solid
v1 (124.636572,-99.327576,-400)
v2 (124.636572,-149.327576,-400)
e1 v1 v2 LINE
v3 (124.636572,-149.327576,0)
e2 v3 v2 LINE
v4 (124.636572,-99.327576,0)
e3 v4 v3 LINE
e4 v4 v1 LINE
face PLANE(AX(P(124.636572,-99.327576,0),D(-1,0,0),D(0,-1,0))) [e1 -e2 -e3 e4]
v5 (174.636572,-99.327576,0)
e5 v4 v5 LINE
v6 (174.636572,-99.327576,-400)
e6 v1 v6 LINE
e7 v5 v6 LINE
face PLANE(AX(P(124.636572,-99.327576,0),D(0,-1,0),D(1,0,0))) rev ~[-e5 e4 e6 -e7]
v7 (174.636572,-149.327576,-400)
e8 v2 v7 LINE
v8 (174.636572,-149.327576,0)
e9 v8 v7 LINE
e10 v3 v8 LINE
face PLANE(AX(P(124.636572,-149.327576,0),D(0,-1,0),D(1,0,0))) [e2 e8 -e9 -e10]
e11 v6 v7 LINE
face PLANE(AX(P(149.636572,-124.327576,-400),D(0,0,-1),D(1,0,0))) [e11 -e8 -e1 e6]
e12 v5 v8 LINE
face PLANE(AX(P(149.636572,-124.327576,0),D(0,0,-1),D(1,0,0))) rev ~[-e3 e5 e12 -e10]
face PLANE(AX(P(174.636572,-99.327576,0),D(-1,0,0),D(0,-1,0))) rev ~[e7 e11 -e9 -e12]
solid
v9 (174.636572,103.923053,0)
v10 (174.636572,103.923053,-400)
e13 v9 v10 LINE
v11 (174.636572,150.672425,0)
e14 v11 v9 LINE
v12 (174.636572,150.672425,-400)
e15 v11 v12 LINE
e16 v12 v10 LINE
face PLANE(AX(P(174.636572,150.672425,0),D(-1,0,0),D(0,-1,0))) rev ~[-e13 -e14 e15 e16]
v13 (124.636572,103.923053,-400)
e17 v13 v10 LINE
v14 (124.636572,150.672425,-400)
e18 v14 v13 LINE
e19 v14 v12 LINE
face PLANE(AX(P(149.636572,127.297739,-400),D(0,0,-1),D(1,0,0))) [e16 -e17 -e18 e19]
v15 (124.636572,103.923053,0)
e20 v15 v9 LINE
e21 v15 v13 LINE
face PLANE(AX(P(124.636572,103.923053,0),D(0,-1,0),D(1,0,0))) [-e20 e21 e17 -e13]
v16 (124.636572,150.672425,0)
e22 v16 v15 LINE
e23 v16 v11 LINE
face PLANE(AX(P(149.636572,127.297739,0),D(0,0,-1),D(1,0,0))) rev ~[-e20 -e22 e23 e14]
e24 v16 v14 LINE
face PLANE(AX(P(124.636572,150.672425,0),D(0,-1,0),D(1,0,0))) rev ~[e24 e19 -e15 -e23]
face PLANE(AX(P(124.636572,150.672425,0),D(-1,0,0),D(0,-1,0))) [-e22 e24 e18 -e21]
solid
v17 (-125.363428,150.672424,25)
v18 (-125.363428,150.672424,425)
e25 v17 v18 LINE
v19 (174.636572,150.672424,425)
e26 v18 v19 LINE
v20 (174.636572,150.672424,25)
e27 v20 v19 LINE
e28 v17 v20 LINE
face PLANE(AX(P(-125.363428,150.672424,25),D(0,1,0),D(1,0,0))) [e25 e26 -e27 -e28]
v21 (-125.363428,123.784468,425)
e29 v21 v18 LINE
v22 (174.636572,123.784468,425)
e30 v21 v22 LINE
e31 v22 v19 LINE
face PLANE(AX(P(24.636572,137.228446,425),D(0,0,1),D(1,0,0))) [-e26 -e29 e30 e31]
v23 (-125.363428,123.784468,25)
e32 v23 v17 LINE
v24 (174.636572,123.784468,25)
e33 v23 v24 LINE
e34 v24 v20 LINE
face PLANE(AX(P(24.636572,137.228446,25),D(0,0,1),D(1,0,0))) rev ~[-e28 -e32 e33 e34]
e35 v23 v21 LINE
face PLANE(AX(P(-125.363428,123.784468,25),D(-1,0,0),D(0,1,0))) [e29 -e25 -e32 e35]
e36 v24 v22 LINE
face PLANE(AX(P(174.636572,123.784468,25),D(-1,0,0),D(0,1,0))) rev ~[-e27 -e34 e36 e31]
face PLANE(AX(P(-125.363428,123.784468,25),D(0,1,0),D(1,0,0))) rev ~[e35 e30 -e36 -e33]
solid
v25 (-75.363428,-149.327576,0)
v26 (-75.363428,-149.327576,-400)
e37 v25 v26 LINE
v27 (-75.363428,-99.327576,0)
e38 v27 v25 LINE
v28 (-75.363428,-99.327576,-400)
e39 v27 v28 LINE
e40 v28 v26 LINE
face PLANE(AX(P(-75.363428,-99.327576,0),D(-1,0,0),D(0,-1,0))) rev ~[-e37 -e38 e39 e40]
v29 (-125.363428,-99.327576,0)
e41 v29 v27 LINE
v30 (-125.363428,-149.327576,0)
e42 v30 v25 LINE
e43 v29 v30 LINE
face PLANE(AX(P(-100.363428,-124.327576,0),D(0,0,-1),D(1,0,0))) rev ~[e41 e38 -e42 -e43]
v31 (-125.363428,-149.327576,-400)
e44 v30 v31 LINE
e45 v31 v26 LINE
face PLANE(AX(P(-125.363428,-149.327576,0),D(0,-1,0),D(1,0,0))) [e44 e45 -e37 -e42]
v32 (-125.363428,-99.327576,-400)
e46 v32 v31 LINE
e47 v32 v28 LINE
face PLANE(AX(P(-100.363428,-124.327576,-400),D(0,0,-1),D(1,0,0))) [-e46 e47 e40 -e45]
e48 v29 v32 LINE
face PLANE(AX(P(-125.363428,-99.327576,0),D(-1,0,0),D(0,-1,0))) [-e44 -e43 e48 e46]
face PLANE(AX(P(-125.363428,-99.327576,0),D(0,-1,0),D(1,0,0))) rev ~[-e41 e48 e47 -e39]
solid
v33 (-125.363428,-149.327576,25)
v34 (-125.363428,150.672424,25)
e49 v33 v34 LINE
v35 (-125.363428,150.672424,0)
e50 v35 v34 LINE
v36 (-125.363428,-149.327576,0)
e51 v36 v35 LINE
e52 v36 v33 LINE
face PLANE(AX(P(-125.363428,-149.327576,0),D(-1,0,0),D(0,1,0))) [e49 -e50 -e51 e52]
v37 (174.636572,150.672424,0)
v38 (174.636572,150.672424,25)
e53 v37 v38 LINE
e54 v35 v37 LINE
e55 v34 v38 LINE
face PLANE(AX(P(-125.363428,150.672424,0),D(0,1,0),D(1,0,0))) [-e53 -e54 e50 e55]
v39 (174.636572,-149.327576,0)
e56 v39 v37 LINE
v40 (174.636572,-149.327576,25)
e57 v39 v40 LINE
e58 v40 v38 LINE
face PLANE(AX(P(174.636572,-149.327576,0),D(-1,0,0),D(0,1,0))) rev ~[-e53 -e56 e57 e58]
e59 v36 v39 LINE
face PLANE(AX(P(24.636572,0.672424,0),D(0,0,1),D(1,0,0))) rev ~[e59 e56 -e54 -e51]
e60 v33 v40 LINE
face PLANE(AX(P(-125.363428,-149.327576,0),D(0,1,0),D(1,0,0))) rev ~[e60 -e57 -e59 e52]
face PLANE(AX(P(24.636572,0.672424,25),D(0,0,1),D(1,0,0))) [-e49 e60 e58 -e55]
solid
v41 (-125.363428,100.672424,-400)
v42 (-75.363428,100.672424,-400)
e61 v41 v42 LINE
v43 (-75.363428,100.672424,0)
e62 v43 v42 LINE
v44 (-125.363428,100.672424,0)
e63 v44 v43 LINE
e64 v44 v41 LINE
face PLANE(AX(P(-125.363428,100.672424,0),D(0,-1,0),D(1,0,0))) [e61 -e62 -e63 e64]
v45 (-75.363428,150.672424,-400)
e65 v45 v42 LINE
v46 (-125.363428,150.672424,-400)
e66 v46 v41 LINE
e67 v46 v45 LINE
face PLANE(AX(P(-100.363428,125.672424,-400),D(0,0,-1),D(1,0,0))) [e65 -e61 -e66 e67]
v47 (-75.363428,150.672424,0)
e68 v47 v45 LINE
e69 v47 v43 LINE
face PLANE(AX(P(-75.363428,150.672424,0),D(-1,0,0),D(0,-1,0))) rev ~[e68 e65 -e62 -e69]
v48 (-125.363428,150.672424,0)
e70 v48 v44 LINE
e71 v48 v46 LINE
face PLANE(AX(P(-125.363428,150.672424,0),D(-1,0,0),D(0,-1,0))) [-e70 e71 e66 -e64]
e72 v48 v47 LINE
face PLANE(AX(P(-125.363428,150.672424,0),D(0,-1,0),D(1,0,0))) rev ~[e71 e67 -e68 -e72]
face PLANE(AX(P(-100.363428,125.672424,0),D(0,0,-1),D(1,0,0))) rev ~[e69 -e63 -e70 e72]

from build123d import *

# Parameters (mm, degrees)
F0_W     = 300
F0_H     = 300
F1_DEPTH = 25
F2_W     = 50
F2_H     = 50
F2_H_2   = 46.749371
F3_DEPTH = 400
F4_W     = 300
F4_H     = 26.887956
F5_DEPTH = 400


with BuildPart() as f1:
    # F0 (on Top) → F1 (new body)
    with BuildSketch(Plane.XY):
        with Locations((24.636572, 0.672424)):
            Rectangle(F0_W, F0_H)
    extrude(amount=F1_DEPTH)


with BuildPart() as f3:
    # F2 (on face) → F3 (new body)
    with BuildSketch(Plane(origin=(0, 0, 0), x_dir=(1, 0, 0), z_dir=(0, 0, -1))):
        with Locations((149.636572, 124.327576)):
            Rectangle(F2_W, F2_H)
        with Locations((-100.363428, 124.327576)):
            Rectangle(F2_W, F2_H)
        with Locations((-100.363428, -125.672424)):
            Rectangle(F2_W, F2_H)
        with Locations((149.636572, -127.297739)):
            Rectangle(F2_W, F2_H_2)
    extrude(amount=F3_DEPTH)


with BuildPart() as f5:
    # F4 (on face) → F5 (new body)
    with BuildSketch(Plane.XY.offset(25)):
        with Locations((24.636572, 137.228446)):
            Rectangle(F4_W, F4_H)
    extrude(amount=F5_DEPTH)


solid = Compound([f1.part, f3.part, f5.part])
